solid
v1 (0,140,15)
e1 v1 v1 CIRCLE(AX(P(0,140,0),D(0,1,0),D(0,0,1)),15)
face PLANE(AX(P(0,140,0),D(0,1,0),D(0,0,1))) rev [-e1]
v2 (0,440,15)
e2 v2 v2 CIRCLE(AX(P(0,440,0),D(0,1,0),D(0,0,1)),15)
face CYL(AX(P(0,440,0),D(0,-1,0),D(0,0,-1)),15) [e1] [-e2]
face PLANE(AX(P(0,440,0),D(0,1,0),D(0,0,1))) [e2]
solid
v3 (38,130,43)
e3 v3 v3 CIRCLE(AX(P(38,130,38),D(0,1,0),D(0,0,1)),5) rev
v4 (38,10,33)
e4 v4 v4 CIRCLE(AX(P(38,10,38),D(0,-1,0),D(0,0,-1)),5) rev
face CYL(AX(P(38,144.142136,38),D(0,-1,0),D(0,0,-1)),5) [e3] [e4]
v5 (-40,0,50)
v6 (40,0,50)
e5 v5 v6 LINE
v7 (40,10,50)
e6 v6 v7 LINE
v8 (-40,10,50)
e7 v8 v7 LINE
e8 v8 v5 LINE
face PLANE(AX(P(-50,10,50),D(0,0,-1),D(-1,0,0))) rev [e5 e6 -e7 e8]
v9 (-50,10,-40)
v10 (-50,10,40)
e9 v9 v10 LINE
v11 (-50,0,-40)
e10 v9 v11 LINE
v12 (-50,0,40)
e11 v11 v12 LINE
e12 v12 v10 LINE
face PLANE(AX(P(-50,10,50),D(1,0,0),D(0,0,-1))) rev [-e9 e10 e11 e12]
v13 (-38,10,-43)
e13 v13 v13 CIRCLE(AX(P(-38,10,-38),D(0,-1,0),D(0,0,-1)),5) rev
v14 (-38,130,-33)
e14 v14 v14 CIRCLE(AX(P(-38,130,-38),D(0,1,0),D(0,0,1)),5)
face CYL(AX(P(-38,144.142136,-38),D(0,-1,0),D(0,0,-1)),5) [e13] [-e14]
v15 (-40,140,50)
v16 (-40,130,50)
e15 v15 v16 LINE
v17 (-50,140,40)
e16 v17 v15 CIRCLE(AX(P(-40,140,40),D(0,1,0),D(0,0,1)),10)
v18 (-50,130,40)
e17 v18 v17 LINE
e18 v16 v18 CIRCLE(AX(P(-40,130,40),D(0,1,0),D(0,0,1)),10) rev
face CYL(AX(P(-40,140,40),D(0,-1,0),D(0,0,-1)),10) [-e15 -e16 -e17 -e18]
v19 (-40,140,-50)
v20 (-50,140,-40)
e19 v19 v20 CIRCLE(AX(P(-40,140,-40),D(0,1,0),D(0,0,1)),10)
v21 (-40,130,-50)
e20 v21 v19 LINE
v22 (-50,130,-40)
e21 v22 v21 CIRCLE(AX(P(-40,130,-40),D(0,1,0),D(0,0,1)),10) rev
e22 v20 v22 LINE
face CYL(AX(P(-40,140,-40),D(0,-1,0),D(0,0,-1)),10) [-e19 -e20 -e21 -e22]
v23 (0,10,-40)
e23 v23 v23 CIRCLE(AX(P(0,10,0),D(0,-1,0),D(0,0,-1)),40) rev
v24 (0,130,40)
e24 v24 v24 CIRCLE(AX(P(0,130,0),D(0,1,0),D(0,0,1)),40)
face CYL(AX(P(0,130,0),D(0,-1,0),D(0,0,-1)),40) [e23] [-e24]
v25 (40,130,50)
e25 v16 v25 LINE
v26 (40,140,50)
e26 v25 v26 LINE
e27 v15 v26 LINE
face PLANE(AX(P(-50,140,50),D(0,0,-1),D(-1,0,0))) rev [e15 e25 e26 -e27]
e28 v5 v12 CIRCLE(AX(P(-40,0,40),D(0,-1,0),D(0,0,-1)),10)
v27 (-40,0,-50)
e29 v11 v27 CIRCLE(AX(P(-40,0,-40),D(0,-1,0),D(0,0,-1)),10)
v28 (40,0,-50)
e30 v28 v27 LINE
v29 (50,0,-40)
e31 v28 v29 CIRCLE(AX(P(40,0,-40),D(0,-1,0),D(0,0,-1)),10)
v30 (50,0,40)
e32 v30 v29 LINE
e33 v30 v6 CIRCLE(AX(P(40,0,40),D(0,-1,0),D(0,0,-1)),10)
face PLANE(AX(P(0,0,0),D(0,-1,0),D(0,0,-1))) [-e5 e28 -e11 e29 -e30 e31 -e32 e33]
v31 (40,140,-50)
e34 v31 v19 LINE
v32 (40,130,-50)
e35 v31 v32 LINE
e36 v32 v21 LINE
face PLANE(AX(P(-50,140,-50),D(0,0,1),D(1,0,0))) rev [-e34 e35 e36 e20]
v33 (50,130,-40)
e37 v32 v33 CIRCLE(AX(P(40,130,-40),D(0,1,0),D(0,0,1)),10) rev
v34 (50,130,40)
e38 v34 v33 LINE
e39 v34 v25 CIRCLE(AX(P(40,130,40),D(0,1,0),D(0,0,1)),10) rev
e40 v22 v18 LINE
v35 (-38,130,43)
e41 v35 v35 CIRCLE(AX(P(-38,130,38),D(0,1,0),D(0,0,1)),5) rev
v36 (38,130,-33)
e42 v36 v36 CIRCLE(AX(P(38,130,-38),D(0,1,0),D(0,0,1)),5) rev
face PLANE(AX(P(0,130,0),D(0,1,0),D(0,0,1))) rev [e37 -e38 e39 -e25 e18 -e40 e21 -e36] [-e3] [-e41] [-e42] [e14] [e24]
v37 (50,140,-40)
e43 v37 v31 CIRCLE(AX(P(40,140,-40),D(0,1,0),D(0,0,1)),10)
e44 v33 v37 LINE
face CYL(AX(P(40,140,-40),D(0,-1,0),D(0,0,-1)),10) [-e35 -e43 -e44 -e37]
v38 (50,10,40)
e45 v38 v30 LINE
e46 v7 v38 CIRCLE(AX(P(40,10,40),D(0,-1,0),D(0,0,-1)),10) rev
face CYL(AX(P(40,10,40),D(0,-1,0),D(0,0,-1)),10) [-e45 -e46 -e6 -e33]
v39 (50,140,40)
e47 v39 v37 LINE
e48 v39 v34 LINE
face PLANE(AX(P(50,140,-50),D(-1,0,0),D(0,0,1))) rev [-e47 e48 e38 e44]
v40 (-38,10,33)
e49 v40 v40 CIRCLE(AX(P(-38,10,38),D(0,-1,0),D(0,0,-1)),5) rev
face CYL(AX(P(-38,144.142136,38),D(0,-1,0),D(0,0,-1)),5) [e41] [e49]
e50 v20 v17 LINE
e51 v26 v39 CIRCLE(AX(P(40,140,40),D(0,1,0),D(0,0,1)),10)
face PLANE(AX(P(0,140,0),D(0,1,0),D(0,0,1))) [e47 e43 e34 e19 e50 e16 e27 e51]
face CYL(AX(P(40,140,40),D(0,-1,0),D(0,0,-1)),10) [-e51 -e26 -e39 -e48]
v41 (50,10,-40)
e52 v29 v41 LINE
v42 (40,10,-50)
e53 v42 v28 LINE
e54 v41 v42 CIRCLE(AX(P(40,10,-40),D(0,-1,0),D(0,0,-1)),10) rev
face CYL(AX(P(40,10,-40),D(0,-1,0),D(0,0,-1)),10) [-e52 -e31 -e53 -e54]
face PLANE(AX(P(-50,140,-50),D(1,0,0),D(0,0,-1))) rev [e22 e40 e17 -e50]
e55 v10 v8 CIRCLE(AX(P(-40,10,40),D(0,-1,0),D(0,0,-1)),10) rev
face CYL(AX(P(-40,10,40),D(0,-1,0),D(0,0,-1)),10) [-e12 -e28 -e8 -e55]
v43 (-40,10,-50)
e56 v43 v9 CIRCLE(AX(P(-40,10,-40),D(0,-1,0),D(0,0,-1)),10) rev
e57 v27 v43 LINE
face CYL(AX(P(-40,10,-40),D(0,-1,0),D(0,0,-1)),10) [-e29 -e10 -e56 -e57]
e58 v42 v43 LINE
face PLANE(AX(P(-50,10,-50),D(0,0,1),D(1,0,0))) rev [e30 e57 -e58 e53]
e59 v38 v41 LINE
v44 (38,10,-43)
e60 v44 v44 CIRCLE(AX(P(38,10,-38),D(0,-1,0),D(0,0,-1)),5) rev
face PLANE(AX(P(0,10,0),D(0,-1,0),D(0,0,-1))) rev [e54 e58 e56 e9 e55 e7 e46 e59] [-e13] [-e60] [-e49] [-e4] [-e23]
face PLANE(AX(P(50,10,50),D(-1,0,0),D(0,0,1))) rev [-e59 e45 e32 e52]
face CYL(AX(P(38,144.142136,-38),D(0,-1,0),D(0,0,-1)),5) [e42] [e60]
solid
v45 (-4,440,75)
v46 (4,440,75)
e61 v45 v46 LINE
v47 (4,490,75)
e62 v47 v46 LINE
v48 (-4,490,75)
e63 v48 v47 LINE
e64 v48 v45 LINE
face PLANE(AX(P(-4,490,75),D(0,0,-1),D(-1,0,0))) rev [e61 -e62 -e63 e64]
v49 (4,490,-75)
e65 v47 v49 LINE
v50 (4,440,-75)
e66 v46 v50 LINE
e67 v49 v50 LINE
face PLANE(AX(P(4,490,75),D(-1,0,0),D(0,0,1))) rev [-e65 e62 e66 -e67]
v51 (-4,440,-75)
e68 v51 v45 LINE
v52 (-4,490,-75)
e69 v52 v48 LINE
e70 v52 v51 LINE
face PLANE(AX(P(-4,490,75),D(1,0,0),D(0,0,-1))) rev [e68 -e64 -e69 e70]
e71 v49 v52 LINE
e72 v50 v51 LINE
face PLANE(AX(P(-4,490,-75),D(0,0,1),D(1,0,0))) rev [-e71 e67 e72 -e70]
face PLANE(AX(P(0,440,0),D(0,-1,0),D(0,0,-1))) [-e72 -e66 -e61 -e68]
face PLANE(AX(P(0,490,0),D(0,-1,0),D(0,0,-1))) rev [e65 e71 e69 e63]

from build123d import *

# Parameters (mm, degrees)
SKETCH1_W           = 100
SKETCH1_H           = 100
BOSS_EXTRUDE1_DEPTH = 10
SKETCH2_R           = 40
BOSS_EXTRUDE2_DEPTH = 120
SKETCH3_W           = 100
SKETCH3_H           = 100
BOSS_EXTRUDE3_DEPTH = 10
SKETCH4_R           = 15
BOSS_EXTRUDE4_DEPTH = 300
SKETCH5_R           = 5
BOSS_EXTRUDE5_DEPTH = 120
FILLET1_R           = 10
SKETCH6_W           = 8
SKETCH6_H           = 150
BOSS_EXTRUDE6_DEPTH = 50


with BuildPart() as part:
    # Sketch1 → Boss-Extrude1 (new body)
    with BuildSketch(Plane(origin=(0, 0, 0), x_dir=(1, 0, 0), z_dir=(0, 1, 0))):
        Rectangle(SKETCH1_W, SKETCH1_H)
    extrude(amount=BOSS_EXTRUDE1_DEPTH)



with BuildPart() as body_2:
    # Sketch2 → Boss-Extrude2 (new body)
    with BuildSketch(Plane(origin=(0, 10, 0), x_dir=(1, 0, 0), z_dir=(0, 1, 0))):
        with Locations(Location((0, 0, 0), (0, 0, 270))):
            Circle(SKETCH2_R)
    extrude(amount=BOSS_EXTRUDE2_DEPTH)


with BuildPart() as body_3:
    # Sketch3 → Boss-Extrude3 (new body)
    with BuildSketch(Plane(origin=(0, 130, 0), x_dir=(1, 0, 0), z_dir=(0, 1, 0))):
        Rectangle(SKETCH3_W, SKETCH3_H)
    extrude(amount=BOSS_EXTRUDE3_DEPTH)


with BuildPart() as body_4:
    # Sketch4 → Boss-Extrude4 (new body)
    with BuildSketch(Plane(origin=(0, 140, 0), x_dir=(1, 0, 0), z_dir=(0, 1, 0))):
        with Locations(Location((0, 0, 0), (0, 0, 270))):
            Circle(SKETCH4_R)
    extrude(amount=BOSS_EXTRUDE4_DEPTH)


with BuildPart() as part_1:
    add(part.part)

    add(body_2.part)  # Boss-Extrude5 merges body 2

    add(body_3.part)  # Boss-Extrude5 merges body 3
    # Sketch5 → Boss-Extrude5 (add)
    with BuildSketch(Plane(origin=(0, 10, 0), x_dir=(1, 0, 0), z_dir=(0, 1, 0))):
        with Locations(Location((-38, 38, 0), (0, 0, 90))):
            Circle(SKETCH5_R)
        with Locations(Location((38, 38, 0), (0, 0, 90))):
            Circle(SKETCH5_R)
        with Locations(Location((38, -38, 0), (0, 0, 90))):
            Circle(SKETCH5_R)
        with Locations(Location((-38, -38, 0), (0, 0, 90))):
            Circle(SKETCH5_R)
    extrude(amount=BOSS_EXTRUDE5_DEPTH)

    # Fillet1
    fillet1_edges = [part_1.edges().sort_by_distance(p)[0] for p in [
        (-50, 135, -50),
        (-50, 135, 50),
        (50, 135, 50),
        (50, 135, -50),
        (50, 5, 50),
        (-50, 5, 50),
        (-50, 5, -50),
        (50, 5, -50),
    ]]
    fillet(fillet1_edges, radius=FILLET1_R)


with BuildPart() as body_3_2:
    # Sketch6 → Boss-Extrude6 (new body)
    with BuildSketch(Plane(origin=(0, 440, 0), x_dir=(1, 0, 0), z_dir=(0, 1, 0))):
        Rectangle(SKETCH6_W, SKETCH6_H)
    extrude(amount=BOSS_EXTRUDE6_DEPTH)


solid = Compound([body_4.part, part_1.part, body_3_2.part])
